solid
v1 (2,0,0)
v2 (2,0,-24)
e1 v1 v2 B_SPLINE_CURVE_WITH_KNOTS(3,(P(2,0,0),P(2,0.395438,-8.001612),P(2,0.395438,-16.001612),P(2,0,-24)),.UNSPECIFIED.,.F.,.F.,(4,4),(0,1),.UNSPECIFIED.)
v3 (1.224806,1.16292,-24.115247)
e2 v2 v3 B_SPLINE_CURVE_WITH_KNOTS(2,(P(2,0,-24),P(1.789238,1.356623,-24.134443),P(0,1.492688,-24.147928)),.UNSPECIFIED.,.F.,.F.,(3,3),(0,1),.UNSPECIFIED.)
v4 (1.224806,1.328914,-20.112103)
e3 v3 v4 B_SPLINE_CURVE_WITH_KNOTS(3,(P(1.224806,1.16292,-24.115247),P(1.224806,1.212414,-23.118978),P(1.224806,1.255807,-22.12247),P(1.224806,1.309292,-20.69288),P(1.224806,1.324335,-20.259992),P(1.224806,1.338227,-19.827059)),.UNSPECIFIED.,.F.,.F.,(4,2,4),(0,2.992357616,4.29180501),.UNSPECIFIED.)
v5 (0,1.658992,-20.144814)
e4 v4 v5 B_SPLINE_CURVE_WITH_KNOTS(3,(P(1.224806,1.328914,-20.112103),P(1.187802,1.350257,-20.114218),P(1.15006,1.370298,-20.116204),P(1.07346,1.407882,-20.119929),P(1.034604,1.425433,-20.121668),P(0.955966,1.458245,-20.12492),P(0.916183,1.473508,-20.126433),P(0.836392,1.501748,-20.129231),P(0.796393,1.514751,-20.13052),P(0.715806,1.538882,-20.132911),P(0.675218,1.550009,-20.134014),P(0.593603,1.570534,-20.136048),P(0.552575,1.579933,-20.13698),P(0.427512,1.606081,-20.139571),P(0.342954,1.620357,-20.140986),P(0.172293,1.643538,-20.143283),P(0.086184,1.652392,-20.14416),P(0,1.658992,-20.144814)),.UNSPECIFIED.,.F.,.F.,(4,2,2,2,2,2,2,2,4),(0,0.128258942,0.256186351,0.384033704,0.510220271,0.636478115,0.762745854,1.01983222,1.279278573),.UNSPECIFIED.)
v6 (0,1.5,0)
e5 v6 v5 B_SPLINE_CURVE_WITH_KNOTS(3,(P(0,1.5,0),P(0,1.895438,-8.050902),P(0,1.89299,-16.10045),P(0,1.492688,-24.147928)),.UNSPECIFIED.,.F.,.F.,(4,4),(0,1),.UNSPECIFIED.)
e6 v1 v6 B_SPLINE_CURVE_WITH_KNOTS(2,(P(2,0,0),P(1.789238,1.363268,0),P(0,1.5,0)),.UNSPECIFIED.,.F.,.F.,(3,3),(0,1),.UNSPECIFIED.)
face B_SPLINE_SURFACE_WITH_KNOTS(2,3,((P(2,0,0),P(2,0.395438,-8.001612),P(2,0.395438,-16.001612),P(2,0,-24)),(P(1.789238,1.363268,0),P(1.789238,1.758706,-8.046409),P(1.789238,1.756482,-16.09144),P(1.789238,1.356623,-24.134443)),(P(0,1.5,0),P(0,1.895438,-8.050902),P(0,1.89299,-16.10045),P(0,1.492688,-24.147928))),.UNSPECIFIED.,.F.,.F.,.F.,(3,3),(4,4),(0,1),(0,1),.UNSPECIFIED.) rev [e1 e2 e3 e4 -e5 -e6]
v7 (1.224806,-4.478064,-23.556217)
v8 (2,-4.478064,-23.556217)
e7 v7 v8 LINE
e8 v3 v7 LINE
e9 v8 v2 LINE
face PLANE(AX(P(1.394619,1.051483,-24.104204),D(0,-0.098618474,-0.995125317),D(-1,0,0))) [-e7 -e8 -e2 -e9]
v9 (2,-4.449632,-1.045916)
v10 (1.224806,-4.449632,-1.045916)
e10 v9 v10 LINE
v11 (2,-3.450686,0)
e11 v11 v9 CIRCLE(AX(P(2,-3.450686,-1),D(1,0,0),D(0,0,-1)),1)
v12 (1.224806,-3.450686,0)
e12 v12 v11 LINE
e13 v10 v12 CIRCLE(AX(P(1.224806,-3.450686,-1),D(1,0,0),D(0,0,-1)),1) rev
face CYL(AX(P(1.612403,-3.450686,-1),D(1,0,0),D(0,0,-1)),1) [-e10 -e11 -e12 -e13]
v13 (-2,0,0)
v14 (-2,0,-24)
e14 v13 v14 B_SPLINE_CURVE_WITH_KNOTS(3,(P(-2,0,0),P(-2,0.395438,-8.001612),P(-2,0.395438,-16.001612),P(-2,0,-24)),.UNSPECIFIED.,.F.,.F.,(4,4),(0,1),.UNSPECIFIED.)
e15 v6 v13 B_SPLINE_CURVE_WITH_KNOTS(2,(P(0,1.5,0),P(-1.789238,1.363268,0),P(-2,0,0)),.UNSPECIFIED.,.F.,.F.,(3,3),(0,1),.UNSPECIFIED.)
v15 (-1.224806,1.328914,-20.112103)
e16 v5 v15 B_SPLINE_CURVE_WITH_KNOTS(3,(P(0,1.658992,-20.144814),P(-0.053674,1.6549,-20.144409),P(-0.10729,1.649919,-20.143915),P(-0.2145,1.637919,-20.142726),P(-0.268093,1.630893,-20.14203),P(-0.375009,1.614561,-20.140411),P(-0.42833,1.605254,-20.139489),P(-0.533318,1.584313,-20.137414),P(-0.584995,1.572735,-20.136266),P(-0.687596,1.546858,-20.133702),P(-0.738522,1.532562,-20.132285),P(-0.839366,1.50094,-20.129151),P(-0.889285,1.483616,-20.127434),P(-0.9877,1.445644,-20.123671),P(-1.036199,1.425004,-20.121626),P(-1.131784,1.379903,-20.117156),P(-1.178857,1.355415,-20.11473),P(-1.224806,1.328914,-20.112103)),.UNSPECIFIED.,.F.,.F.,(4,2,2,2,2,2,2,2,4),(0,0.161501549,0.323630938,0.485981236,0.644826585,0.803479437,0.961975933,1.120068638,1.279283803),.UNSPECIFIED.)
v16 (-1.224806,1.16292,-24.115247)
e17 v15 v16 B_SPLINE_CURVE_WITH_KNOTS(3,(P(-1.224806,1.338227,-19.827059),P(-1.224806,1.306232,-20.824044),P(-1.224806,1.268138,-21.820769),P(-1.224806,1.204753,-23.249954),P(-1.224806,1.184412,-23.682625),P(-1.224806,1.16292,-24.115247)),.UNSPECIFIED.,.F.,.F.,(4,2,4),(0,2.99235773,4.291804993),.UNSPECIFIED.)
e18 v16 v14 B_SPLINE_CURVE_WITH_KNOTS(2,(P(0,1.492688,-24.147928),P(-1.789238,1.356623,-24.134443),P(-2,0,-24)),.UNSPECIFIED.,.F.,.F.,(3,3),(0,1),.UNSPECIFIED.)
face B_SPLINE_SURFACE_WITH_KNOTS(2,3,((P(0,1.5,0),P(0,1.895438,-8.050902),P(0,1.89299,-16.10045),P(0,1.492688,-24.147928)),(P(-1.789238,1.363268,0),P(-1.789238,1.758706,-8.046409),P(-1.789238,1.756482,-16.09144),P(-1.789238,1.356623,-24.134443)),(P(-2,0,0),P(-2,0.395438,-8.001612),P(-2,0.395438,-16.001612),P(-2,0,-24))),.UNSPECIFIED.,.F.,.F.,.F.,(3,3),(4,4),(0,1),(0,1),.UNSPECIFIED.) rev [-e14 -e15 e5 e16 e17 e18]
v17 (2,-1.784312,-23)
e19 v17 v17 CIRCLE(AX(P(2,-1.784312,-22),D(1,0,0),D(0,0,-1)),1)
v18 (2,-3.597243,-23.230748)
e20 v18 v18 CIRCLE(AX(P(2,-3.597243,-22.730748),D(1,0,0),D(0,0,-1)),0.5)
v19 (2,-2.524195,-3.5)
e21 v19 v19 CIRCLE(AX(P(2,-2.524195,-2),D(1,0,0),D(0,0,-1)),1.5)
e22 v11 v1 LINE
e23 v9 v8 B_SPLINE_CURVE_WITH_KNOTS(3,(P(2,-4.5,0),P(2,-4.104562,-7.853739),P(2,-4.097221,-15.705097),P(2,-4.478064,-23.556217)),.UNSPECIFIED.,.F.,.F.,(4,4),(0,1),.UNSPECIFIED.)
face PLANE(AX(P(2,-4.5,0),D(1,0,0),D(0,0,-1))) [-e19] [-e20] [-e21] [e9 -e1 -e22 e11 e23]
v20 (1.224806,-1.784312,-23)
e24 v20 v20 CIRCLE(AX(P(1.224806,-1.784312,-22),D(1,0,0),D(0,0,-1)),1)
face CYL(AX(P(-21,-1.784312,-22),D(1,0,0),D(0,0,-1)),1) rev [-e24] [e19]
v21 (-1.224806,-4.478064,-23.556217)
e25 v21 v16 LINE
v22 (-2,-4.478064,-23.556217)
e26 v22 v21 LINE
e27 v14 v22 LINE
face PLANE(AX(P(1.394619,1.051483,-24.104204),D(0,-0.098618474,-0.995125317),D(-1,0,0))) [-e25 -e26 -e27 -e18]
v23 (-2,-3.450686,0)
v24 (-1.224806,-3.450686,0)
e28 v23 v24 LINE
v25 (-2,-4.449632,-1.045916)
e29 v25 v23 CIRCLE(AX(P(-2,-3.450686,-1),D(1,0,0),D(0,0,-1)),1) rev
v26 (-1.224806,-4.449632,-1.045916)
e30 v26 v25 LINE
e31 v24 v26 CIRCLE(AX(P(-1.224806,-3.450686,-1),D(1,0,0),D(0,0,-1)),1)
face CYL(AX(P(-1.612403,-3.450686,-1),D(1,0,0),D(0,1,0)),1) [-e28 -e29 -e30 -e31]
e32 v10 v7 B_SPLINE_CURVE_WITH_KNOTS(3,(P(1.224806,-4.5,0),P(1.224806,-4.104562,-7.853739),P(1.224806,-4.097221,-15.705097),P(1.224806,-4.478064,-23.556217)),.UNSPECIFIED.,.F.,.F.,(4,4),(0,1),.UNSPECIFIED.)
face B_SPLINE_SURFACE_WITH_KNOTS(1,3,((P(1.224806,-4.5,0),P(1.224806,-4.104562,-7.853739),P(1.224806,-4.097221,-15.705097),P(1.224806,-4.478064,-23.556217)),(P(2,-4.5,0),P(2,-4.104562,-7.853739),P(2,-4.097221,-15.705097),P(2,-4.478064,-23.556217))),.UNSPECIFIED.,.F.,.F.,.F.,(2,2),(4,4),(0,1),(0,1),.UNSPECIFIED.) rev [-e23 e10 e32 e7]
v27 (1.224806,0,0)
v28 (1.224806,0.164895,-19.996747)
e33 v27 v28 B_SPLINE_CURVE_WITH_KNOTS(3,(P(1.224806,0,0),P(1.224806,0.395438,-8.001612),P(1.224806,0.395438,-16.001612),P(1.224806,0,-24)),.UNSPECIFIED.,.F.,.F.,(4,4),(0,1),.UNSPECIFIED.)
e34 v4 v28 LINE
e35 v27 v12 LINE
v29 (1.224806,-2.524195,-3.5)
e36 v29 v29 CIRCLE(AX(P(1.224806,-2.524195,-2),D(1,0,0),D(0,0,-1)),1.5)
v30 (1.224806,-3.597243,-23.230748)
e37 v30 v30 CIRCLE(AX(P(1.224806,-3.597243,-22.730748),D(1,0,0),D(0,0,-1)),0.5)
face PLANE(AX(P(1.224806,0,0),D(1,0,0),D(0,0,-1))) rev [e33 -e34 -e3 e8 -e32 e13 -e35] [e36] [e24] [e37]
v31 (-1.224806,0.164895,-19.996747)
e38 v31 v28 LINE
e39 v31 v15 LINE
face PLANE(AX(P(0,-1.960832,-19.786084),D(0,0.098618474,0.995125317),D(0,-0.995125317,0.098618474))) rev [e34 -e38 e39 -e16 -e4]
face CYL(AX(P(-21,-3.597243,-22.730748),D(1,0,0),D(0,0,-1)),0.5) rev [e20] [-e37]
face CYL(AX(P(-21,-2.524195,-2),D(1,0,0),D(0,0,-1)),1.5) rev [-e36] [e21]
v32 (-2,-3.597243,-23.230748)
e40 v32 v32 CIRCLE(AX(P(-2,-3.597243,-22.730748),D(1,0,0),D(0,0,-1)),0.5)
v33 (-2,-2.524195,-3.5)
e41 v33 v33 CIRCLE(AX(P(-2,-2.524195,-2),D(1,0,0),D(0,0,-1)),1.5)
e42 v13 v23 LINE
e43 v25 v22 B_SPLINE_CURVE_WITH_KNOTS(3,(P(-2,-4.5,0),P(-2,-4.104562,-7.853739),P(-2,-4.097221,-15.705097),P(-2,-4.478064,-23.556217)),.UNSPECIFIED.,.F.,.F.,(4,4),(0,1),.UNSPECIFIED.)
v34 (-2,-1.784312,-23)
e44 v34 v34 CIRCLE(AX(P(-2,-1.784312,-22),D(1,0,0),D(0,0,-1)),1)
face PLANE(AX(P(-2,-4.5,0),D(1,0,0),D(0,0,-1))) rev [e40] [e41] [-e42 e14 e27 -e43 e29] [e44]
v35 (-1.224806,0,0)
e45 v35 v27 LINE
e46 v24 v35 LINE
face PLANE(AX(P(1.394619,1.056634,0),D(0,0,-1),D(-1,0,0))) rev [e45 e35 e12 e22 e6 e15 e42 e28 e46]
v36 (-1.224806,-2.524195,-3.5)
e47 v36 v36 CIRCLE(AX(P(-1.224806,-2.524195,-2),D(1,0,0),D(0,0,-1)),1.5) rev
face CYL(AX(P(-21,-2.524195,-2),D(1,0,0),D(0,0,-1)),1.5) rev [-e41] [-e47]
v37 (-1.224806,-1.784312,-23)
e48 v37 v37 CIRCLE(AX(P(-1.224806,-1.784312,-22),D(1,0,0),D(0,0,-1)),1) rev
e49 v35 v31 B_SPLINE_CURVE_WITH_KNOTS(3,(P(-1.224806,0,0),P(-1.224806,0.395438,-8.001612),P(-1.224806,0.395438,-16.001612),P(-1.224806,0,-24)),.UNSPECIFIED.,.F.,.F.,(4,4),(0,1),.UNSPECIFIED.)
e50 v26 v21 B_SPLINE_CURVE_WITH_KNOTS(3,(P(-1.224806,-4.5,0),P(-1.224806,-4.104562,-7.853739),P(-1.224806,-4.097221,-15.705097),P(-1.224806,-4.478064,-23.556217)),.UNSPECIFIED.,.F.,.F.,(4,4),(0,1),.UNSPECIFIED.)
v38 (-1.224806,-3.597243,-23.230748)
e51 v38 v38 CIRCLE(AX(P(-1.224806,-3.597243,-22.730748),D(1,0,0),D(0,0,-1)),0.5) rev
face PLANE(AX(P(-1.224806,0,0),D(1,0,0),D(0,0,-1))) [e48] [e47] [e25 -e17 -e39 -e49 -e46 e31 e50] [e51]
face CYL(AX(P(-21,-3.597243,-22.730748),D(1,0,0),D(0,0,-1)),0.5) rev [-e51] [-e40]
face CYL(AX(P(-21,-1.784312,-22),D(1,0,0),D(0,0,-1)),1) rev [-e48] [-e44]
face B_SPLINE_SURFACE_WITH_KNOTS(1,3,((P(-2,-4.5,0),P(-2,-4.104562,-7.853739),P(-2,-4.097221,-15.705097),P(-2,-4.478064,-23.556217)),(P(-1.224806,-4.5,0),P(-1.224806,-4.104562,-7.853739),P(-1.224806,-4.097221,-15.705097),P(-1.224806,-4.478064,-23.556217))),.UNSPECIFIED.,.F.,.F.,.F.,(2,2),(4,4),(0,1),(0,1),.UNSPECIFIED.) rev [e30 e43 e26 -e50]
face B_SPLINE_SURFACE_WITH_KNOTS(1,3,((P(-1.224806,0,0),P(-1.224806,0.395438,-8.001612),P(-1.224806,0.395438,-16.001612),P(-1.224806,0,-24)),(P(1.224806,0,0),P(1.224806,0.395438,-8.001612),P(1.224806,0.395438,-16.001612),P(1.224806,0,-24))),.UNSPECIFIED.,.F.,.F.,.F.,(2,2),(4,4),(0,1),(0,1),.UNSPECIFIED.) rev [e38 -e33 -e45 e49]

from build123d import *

# Parameters (mm, degrees)
SKETCH4_R          = 1.5
SKETCH4_R_2        = 1
CUT_EXTRUDE1_DEPTH = 23
FILLET1_R          = 1
SKETCH5_R          = 0.5
CUT_EXTRUDE2_DEPTH = 23
SKETCH6_W          = 2.449612404
SKETCH6_H          = 5.085440949
CUT_EXTRUDE3_DEPTH = 4


with BuildPart() as part:
    # Sweep1: sweep along a path in Sketch2
    with BuildLine() as sweep1_path:  # in the path sketch's own coordinates; laid on its plane below (add() does not lay a ready-made edge on the line's plane)
        add(Edge.make_bspline(
            [(0, 0), (12.002417385, 0.593156544), (24, 0)],
            knots=[0, 0, 0, 1, 1, 1], degree=2))
    # Sketch1 → Sweep1 (sweep)
    with BuildSketch(Plane.XY):
        with BuildLine():
            Line((-1.224806202, 0), (1.224806202, 0))
            Line((1.224806202, 0), (1.224806202, -4.5))
            Line((1.224806202, -4.5), (2, -4.5))
            Line((2, -4.5), (2, 0))
            add(Edge.make_bspline(
                [(2, 0), (1.789237919, 1.363268396), (0, 1.5)],
                knots=[0, 0, 0, 1, 1, 1], degree=2))
            add(Edge.make_bspline(
                [(-2, 0), (-1.789237919, 1.363268396), (0, 1.5)],
                knots=[0, 0, 0, 1, 1, 1], degree=2))
            Line((-2, 0), (-2, -4.5))
            Line((-2, -4.5), (-1.224806202, -4.5))
            Line((-1.224806202, -4.5), (-1.224806202, 0))
        make_face()
    sweep(path=Plane(origin=(0, 0, 0), x_dir=(0, 0, -1), z_dir=(1, 0, 0)) * sweep1_path.line)

    # Sketch4 → Cut-Extrude1 (cut)
    with BuildSketch(Plane(origin=(2, 0, 0), x_dir=(0, 0, -1), z_dir=(1, 0, 0))):
        with Locations((2, -2.524194964)):
            Circle(SKETCH4_R)
        with Locations((22, -1.784311687)):
            Circle(SKETCH4_R_2)
    extrude(amount=-CUT_EXTRUDE1_DEPTH, mode=Mode.SUBTRACT)

    # Fillet1
    fillet1_edges = [part.edges().sort_by_distance(p)[0] for p in [
        (-1.612403101, -4.5, 0),
        (1.612403101, -4.5, 0),
    ]]
    fillet(fillet1_edges, radius=FILLET1_R)

    # Sketch5 → Cut-Extrude2 (cut)
    with BuildSketch(Plane(origin=(2, 0, 0), x_dir=(0, 0, -1), z_dir=(1, 0, 0))):
        with Locations((22.73074773, -3.597243091)):
            Circle(SKETCH5_R)
    extrude(amount=-CUT_EXTRUDE2_DEPTH, mode=Mode.SUBTRACT)

    # Sketch6 → Cut-Extrude3 (cut)
    with BuildSketch(Plane(origin=(0, -2.35530576, -23.766585519), x_dir=(-1, 0, 0), z_dir=(0, -0.09861847381015884, -0.9951253170447204))):
        with Locations((0, 3.230896736)):
            Rectangle(SKETCH6_W, SKETCH6_H)
    extrude(amount=-CUT_EXTRUDE3_DEPTH, mode=Mode.SUBTRACT)


solid = part.part
